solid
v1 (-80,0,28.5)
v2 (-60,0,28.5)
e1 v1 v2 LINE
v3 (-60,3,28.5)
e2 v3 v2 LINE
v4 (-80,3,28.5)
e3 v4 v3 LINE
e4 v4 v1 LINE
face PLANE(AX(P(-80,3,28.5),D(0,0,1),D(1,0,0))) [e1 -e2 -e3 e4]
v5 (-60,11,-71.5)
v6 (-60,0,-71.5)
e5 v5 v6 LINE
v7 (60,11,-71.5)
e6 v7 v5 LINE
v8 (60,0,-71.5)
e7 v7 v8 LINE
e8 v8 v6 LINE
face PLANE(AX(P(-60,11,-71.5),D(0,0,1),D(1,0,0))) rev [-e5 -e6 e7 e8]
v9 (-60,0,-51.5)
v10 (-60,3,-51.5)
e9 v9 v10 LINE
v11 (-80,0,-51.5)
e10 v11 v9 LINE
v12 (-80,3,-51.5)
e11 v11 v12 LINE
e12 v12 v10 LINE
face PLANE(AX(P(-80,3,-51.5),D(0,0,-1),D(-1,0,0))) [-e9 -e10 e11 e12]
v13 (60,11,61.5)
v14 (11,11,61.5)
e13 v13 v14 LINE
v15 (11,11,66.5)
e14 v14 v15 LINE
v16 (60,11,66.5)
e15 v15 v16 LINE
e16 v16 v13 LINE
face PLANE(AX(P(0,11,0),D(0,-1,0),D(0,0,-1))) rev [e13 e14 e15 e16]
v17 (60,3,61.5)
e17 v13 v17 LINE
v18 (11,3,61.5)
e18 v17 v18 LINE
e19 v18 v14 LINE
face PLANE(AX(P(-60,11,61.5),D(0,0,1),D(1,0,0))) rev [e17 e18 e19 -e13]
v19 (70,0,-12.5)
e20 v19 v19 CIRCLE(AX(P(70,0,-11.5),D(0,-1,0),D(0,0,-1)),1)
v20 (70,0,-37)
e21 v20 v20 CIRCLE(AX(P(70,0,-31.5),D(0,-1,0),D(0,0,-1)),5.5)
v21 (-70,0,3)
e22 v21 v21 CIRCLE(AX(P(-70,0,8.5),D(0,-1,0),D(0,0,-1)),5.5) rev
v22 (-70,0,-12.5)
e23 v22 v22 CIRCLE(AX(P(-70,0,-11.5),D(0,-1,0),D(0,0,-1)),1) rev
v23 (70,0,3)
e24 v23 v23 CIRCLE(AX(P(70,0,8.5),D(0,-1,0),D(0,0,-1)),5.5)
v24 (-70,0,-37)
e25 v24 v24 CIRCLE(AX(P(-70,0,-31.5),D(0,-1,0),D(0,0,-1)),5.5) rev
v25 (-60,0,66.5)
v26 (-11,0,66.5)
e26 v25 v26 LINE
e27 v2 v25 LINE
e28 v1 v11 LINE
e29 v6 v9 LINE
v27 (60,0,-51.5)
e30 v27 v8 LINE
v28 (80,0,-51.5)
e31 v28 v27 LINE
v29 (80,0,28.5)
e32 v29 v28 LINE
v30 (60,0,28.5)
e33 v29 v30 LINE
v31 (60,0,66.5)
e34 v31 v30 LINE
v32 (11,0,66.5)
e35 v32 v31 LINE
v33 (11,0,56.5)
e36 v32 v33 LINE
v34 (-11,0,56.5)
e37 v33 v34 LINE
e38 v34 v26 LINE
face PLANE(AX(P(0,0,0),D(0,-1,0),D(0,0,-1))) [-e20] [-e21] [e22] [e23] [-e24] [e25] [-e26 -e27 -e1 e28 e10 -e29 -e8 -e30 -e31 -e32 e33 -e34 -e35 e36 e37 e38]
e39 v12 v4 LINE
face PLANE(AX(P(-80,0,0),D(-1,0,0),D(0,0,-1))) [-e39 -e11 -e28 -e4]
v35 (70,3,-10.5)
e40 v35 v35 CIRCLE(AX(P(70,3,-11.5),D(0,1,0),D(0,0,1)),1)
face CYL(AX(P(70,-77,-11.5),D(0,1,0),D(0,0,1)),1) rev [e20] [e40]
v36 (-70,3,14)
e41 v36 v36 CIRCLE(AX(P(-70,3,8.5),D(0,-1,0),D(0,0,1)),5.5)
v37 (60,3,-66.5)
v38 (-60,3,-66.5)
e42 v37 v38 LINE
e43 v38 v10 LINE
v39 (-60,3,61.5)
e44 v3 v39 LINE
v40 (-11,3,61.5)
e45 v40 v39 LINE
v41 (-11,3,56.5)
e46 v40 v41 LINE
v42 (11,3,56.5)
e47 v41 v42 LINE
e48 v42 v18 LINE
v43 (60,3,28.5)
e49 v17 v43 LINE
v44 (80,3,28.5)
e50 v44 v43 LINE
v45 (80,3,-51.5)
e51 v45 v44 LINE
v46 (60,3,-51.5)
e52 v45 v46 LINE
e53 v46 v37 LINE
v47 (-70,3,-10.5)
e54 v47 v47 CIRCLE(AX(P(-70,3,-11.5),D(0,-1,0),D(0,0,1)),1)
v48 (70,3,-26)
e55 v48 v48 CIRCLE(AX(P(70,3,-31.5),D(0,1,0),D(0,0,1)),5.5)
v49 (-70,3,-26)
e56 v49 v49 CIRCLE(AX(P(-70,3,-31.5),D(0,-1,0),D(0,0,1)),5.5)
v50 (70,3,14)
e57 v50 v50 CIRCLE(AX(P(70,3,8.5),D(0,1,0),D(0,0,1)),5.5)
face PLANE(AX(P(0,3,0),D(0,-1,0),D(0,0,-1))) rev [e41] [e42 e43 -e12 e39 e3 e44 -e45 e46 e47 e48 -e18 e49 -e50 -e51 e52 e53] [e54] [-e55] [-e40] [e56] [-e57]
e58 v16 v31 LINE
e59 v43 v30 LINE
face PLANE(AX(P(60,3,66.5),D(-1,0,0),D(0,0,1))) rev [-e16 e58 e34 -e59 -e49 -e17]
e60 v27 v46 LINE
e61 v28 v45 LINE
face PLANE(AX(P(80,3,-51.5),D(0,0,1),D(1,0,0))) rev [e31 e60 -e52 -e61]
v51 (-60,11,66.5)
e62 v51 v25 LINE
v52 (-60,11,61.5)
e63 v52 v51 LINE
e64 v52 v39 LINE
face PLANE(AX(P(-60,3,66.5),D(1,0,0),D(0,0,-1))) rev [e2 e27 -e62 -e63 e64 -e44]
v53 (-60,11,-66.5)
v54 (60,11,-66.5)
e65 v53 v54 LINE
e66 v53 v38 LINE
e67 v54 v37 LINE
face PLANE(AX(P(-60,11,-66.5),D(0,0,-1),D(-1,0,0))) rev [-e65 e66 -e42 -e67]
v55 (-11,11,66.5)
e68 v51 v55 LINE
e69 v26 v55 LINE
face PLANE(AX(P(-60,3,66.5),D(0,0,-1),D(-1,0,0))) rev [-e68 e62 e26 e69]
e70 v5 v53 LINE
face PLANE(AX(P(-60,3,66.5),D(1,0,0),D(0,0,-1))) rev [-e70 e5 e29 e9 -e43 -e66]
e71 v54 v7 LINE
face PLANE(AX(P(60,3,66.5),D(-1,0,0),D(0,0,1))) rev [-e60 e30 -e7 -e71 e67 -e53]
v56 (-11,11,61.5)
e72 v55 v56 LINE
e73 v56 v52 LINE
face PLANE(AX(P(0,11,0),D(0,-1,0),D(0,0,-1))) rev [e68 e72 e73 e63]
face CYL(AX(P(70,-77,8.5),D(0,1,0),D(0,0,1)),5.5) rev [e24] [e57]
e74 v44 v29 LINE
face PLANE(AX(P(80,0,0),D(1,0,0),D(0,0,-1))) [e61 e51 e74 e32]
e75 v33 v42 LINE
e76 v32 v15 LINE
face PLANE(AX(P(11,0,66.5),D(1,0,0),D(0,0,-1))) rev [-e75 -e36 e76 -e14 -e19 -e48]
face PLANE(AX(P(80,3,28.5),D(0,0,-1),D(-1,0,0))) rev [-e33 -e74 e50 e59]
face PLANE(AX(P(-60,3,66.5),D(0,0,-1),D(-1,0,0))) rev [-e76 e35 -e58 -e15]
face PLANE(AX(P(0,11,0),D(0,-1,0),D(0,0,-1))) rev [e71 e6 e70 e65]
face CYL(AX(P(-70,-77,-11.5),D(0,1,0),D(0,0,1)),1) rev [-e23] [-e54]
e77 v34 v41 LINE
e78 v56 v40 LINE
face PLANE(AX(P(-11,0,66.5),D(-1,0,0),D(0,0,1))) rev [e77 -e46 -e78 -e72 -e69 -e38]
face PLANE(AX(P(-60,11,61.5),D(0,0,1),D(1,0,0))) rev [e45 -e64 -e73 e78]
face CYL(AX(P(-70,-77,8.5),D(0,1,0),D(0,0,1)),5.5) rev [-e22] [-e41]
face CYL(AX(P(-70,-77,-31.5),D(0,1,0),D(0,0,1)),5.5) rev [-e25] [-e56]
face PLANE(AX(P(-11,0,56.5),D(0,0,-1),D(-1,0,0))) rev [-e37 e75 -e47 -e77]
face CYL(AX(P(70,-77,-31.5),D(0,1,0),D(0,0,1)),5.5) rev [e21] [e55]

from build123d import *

# Parameters (mm, degrees)
SKETCH1_W               = 120
SKETCH1_H               = 133
BOSS_EXTRUDE1_DEPTH     = 3
SKETCH2_W               = 120
SKETCH2_H               = 5
BOSS_EXTRUDE2_DEPTH     = 8
SKETCH3_W               = 22
SKETCH3_H               = 10
CUT_EXTRUDE1_DEPTH      = 1
CUT_EXTRUDE1_DEPTH_BACK = 12
SKETCH4_W               = 120
SKETCH4_H               = 5
BOSS_EXTRUDE3_DEPTH     = 11
SKETCH5_W               = 80
SKETCH5_H               = 3
BOSS_EXTRUDE4_DEPTH     = 80
SKETCH6_R               = 1
SKETCH6_R_2             = 5.5
CUT_EXTRUDE2_DEPTH      = 80


with BuildPart() as part:
    # Sketch1 → Boss-Extrude1 (new body)
    with BuildSketch(Plane(origin=(0, 0, 0), x_dir=(1, 0, 0), z_dir=(0, 1, 0))):
        Rectangle(SKETCH1_W, SKETCH1_H)
    extrude(amount=BOSS_EXTRUDE1_DEPTH)

    # Sketch2 → Boss-Extrude2 (add)
    with BuildSketch(Plane(origin=(0, 3, 0), x_dir=(1, 0, 0), z_dir=(0, 1, 0))):
        with Locations((0, -64)):
            Rectangle(SKETCH2_W, SKETCH2_H)
    extrude(amount=BOSS_EXTRUDE2_DEPTH)

    # Sketch3 → Cut-Extrude1 (cut, two sides)
    with BuildSketch(Plane(origin=(0, 11, 0), x_dir=(1, 0, 0), z_dir=(0, 1, 0))) as cut_extrude1_sk:
        with Locations((0, -61.5)):
            Rectangle(SKETCH3_W, SKETCH3_H)
    extrude(amount=CUT_EXTRUDE1_DEPTH, mode=Mode.SUBTRACT)
    extrude(cut_extrude1_sk.sketch, amount=-CUT_EXTRUDE1_DEPTH_BACK, mode=Mode.SUBTRACT)

    # Sketch4 → Boss-Extrude3 (add)
    with BuildSketch(Plane(origin=(0, 0, 0), x_dir=(1, 0, 0), z_dir=(0, 1, 0))):
        with Locations((0, 69)):
            Rectangle(SKETCH4_W, SKETCH4_H)
    extrude(amount=BOSS_EXTRUDE3_DEPTH)

    # Sketch5 → Boss-Extrude4 (add)
    with BuildSketch(Plane(origin=(0, 0, 0), x_dir=(0, 0, -1), z_dir=(1, 0, 0))):
        with Locations((11.5, 1.5)):
            Rectangle(SKETCH5_W, SKETCH5_H)
    boss_extrude4 = extrude(amount=BOSS_EXTRUDE4_DEPTH)

    # Sketch6 → Cut-Extrude2 (cut)
    with BuildSketch(Plane(origin=(0, 3, 0), x_dir=(1, 0, 0), z_dir=(0, 1, 0))):
        with Locations((70, 11.5)):
            Circle(SKETCH6_R)
        with Locations((70, 31.5)):
            Circle(SKETCH6_R_2)
        with Locations((70, -8.5)):
            Circle(SKETCH6_R_2)
    cut_extrude2 = extrude(amount=-CUT_EXTRUDE2_DEPTH, mode=Mode.SUBTRACT)

    # Mirror1: Boss-Extrude4, Cut-Extrude2 across plane
    add(boss_extrude4.mirror(Plane(origin=(0, 0, 0), x_dir=(0, 0, 1), z_dir=(1, 0, 0))))
    add(cut_extrude2.mirror(Plane(origin=(0, 0, 0), x_dir=(0, 0, 1), z_dir=(1, 0, 0))), mode=Mode.SUBTRACT)


solid = part.part
